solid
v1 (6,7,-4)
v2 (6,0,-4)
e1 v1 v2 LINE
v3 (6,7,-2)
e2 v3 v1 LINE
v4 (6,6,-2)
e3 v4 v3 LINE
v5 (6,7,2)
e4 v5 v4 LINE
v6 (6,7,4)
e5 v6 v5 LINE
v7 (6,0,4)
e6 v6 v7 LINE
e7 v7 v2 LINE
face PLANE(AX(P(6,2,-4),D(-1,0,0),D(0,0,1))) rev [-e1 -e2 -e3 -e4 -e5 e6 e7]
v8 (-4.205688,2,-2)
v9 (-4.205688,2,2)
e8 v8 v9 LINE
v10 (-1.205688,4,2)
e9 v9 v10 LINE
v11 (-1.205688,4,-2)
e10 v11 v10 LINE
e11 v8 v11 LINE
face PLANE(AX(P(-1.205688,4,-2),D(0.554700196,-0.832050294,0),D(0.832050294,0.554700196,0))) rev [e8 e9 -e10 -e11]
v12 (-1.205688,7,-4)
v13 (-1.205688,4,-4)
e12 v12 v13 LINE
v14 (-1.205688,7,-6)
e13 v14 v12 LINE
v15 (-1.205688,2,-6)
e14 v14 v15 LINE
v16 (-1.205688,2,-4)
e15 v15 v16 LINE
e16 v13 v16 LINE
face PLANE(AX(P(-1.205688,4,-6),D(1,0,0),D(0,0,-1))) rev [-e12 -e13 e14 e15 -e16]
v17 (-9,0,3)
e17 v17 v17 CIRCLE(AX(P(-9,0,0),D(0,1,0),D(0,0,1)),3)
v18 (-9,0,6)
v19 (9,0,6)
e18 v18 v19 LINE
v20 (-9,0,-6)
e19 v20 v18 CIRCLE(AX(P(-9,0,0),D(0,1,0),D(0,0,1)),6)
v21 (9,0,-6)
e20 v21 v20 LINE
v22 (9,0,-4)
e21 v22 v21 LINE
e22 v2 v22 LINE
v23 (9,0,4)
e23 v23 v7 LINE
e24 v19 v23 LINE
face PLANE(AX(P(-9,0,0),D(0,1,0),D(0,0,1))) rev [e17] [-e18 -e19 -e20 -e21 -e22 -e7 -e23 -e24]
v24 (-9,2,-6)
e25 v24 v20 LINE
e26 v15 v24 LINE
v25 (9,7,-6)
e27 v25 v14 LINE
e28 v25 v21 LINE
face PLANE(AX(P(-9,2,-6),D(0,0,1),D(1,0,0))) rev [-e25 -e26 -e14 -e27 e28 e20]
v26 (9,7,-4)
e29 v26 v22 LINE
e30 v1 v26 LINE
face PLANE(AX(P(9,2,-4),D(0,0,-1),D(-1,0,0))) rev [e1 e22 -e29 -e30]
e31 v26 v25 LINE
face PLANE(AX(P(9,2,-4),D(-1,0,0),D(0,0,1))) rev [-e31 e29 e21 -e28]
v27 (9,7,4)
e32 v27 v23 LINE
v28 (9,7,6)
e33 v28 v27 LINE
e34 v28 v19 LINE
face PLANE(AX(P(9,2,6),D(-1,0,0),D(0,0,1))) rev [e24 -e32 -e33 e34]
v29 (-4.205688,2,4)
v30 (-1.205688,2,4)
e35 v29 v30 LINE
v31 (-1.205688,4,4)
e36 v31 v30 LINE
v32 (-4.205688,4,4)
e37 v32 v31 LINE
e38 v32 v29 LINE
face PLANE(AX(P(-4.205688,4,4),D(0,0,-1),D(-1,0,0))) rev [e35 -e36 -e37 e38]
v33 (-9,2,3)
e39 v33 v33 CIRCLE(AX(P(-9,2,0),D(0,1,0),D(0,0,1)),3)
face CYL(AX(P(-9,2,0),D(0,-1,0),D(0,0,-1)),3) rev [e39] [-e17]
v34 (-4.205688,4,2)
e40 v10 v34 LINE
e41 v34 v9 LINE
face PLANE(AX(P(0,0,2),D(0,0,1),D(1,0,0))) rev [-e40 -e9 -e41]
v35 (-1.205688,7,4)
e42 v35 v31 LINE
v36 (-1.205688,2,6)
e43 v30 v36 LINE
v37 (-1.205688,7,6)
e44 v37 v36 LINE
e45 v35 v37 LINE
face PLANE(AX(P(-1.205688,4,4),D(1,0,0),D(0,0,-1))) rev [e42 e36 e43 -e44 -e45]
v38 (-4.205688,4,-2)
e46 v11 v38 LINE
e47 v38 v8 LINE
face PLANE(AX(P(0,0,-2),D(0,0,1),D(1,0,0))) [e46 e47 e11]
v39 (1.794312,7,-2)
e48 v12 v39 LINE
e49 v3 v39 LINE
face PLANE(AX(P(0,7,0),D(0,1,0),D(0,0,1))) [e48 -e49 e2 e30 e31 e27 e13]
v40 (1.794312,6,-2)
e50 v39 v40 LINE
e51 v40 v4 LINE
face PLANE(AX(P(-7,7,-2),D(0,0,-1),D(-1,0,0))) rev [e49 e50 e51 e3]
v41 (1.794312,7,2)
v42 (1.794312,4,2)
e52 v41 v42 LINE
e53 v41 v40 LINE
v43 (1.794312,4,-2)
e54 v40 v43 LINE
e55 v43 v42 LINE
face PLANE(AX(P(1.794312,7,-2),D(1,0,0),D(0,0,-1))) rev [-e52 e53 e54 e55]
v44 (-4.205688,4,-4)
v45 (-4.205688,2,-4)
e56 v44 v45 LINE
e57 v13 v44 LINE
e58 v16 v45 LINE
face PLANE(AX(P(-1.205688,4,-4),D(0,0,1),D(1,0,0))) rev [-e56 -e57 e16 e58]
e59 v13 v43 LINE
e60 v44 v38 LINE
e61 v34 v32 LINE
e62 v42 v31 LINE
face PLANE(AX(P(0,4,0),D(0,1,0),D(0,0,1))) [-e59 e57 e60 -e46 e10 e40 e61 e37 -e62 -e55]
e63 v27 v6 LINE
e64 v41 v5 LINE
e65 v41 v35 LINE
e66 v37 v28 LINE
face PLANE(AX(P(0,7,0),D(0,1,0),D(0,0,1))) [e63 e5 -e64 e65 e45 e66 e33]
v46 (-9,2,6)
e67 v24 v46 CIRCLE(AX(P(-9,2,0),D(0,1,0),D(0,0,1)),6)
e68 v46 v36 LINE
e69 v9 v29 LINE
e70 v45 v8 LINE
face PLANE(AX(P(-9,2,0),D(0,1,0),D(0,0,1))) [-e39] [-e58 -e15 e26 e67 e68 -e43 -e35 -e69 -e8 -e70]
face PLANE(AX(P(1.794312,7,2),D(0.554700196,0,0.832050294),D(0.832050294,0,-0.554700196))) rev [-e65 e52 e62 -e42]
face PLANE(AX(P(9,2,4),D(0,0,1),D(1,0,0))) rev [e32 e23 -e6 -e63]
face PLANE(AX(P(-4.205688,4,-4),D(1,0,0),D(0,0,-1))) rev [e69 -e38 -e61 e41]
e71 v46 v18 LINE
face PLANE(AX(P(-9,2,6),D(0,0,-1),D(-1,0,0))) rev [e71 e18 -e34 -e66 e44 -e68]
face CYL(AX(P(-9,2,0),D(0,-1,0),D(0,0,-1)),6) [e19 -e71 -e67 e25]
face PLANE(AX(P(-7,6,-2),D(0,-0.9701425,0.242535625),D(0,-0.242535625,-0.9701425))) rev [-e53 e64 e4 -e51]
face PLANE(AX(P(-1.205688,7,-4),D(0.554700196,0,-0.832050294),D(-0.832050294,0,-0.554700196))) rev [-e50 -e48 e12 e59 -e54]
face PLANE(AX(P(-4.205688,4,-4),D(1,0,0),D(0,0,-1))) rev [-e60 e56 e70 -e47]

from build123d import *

# Parameters (mm, degrees)
SKETCH1_R           = 3
BOSS_EXTRUDE1_DEPTH = 2
BOSS_EXTRUDE2_DEPTH = 2
CUT_EXTRUDE1_DEPTH  = 2
BOSS_EXTRUDE3_DEPTH = 3
CUT_EXTRUDE2_DEPTH  = 13


with BuildPart() as part:
    # Sketch1 → Boss-Extrude1 (new body)
    with BuildSketch(Plane(origin=(0, 0, 0), x_dir=(1, 0, 0), z_dir=(0, 1, 0))):
        with BuildLine():
            Line((9, 4), (9, 6))
            Line((9, 6), (-9, 6))
            ThreePointArc((-9, 6), (-15, 0), (-9, -6))
            Line((-9, -6), (9, -6))
            Line((9, -6), (9, -4))
            Line((9, -4), (6, -4))
            Line((6, -4), (6, 4))
            Line((6, 4), (9, 4))
        make_face()
        with Locations((-9, 0)):
            Circle(SKETCH1_R, mode=Mode.SUBTRACT)
    extrude(amount=BOSS_EXTRUDE1_DEPTH)

    # Sketch2 → Boss-Extrude2 (add)
    with BuildSketch(Plane(origin=(0, 2, 0), x_dir=(1, 0, 0), z_dir=(0, 1, 0))):
        Polygon((9, 6), (-1.205687829, 6), (-1.205687829, 4), (-4.205687829, 4), (-4.205687829, -4), (-1.205687829, -4), (-1.205687829, -6), (9, -6), (9, -4), (6, -4), (6, 4), (9, 4), align=None)
    extrude(amount=BOSS_EXTRUDE2_DEPTH)

    # Sketch3 → Cut-Extrude1 (cut, symmetric)
    with BuildSketch(Plane.XY):
        Polygon((-1.205687829, 4), (-4.205687829, 2), (-4.205687829, 4), align=None)
    extrude(amount=CUT_EXTRUDE1_DEPTH, both=True, mode=Mode.SUBTRACT)

    # Sketch4 → Boss-Extrude3 (add)
    with BuildSketch(Plane(origin=(0, 4, 0), x_dir=(1, 0, 0), z_dir=(0, 1, 0))):
        Polygon((9, 6), (-1.205687829, 6), (-1.205687829, 4), (1.794312171, 2), (1.794312171, -2), (-1.205687829, -4), (-1.205687829, -6), (9, -6), (9, -4), (6, -4), (6, 4), (9, 4), align=None)
    extrude(amount=BOSS_EXTRUDE3_DEPTH)

    # Sketch5 → Cut-Extrude2 (cut)
    with BuildSketch(Plane(origin=(6, 0, 0), x_dir=(0, 0, -1), z_dir=(1, 0, 0))):
        Polygon((2, 7), (2, 6), (-2, 7), align=None)
    extrude(amount=-CUT_EXTRUDE2_DEPTH, mode=Mode.SUBTRACT)


solid = part.part
